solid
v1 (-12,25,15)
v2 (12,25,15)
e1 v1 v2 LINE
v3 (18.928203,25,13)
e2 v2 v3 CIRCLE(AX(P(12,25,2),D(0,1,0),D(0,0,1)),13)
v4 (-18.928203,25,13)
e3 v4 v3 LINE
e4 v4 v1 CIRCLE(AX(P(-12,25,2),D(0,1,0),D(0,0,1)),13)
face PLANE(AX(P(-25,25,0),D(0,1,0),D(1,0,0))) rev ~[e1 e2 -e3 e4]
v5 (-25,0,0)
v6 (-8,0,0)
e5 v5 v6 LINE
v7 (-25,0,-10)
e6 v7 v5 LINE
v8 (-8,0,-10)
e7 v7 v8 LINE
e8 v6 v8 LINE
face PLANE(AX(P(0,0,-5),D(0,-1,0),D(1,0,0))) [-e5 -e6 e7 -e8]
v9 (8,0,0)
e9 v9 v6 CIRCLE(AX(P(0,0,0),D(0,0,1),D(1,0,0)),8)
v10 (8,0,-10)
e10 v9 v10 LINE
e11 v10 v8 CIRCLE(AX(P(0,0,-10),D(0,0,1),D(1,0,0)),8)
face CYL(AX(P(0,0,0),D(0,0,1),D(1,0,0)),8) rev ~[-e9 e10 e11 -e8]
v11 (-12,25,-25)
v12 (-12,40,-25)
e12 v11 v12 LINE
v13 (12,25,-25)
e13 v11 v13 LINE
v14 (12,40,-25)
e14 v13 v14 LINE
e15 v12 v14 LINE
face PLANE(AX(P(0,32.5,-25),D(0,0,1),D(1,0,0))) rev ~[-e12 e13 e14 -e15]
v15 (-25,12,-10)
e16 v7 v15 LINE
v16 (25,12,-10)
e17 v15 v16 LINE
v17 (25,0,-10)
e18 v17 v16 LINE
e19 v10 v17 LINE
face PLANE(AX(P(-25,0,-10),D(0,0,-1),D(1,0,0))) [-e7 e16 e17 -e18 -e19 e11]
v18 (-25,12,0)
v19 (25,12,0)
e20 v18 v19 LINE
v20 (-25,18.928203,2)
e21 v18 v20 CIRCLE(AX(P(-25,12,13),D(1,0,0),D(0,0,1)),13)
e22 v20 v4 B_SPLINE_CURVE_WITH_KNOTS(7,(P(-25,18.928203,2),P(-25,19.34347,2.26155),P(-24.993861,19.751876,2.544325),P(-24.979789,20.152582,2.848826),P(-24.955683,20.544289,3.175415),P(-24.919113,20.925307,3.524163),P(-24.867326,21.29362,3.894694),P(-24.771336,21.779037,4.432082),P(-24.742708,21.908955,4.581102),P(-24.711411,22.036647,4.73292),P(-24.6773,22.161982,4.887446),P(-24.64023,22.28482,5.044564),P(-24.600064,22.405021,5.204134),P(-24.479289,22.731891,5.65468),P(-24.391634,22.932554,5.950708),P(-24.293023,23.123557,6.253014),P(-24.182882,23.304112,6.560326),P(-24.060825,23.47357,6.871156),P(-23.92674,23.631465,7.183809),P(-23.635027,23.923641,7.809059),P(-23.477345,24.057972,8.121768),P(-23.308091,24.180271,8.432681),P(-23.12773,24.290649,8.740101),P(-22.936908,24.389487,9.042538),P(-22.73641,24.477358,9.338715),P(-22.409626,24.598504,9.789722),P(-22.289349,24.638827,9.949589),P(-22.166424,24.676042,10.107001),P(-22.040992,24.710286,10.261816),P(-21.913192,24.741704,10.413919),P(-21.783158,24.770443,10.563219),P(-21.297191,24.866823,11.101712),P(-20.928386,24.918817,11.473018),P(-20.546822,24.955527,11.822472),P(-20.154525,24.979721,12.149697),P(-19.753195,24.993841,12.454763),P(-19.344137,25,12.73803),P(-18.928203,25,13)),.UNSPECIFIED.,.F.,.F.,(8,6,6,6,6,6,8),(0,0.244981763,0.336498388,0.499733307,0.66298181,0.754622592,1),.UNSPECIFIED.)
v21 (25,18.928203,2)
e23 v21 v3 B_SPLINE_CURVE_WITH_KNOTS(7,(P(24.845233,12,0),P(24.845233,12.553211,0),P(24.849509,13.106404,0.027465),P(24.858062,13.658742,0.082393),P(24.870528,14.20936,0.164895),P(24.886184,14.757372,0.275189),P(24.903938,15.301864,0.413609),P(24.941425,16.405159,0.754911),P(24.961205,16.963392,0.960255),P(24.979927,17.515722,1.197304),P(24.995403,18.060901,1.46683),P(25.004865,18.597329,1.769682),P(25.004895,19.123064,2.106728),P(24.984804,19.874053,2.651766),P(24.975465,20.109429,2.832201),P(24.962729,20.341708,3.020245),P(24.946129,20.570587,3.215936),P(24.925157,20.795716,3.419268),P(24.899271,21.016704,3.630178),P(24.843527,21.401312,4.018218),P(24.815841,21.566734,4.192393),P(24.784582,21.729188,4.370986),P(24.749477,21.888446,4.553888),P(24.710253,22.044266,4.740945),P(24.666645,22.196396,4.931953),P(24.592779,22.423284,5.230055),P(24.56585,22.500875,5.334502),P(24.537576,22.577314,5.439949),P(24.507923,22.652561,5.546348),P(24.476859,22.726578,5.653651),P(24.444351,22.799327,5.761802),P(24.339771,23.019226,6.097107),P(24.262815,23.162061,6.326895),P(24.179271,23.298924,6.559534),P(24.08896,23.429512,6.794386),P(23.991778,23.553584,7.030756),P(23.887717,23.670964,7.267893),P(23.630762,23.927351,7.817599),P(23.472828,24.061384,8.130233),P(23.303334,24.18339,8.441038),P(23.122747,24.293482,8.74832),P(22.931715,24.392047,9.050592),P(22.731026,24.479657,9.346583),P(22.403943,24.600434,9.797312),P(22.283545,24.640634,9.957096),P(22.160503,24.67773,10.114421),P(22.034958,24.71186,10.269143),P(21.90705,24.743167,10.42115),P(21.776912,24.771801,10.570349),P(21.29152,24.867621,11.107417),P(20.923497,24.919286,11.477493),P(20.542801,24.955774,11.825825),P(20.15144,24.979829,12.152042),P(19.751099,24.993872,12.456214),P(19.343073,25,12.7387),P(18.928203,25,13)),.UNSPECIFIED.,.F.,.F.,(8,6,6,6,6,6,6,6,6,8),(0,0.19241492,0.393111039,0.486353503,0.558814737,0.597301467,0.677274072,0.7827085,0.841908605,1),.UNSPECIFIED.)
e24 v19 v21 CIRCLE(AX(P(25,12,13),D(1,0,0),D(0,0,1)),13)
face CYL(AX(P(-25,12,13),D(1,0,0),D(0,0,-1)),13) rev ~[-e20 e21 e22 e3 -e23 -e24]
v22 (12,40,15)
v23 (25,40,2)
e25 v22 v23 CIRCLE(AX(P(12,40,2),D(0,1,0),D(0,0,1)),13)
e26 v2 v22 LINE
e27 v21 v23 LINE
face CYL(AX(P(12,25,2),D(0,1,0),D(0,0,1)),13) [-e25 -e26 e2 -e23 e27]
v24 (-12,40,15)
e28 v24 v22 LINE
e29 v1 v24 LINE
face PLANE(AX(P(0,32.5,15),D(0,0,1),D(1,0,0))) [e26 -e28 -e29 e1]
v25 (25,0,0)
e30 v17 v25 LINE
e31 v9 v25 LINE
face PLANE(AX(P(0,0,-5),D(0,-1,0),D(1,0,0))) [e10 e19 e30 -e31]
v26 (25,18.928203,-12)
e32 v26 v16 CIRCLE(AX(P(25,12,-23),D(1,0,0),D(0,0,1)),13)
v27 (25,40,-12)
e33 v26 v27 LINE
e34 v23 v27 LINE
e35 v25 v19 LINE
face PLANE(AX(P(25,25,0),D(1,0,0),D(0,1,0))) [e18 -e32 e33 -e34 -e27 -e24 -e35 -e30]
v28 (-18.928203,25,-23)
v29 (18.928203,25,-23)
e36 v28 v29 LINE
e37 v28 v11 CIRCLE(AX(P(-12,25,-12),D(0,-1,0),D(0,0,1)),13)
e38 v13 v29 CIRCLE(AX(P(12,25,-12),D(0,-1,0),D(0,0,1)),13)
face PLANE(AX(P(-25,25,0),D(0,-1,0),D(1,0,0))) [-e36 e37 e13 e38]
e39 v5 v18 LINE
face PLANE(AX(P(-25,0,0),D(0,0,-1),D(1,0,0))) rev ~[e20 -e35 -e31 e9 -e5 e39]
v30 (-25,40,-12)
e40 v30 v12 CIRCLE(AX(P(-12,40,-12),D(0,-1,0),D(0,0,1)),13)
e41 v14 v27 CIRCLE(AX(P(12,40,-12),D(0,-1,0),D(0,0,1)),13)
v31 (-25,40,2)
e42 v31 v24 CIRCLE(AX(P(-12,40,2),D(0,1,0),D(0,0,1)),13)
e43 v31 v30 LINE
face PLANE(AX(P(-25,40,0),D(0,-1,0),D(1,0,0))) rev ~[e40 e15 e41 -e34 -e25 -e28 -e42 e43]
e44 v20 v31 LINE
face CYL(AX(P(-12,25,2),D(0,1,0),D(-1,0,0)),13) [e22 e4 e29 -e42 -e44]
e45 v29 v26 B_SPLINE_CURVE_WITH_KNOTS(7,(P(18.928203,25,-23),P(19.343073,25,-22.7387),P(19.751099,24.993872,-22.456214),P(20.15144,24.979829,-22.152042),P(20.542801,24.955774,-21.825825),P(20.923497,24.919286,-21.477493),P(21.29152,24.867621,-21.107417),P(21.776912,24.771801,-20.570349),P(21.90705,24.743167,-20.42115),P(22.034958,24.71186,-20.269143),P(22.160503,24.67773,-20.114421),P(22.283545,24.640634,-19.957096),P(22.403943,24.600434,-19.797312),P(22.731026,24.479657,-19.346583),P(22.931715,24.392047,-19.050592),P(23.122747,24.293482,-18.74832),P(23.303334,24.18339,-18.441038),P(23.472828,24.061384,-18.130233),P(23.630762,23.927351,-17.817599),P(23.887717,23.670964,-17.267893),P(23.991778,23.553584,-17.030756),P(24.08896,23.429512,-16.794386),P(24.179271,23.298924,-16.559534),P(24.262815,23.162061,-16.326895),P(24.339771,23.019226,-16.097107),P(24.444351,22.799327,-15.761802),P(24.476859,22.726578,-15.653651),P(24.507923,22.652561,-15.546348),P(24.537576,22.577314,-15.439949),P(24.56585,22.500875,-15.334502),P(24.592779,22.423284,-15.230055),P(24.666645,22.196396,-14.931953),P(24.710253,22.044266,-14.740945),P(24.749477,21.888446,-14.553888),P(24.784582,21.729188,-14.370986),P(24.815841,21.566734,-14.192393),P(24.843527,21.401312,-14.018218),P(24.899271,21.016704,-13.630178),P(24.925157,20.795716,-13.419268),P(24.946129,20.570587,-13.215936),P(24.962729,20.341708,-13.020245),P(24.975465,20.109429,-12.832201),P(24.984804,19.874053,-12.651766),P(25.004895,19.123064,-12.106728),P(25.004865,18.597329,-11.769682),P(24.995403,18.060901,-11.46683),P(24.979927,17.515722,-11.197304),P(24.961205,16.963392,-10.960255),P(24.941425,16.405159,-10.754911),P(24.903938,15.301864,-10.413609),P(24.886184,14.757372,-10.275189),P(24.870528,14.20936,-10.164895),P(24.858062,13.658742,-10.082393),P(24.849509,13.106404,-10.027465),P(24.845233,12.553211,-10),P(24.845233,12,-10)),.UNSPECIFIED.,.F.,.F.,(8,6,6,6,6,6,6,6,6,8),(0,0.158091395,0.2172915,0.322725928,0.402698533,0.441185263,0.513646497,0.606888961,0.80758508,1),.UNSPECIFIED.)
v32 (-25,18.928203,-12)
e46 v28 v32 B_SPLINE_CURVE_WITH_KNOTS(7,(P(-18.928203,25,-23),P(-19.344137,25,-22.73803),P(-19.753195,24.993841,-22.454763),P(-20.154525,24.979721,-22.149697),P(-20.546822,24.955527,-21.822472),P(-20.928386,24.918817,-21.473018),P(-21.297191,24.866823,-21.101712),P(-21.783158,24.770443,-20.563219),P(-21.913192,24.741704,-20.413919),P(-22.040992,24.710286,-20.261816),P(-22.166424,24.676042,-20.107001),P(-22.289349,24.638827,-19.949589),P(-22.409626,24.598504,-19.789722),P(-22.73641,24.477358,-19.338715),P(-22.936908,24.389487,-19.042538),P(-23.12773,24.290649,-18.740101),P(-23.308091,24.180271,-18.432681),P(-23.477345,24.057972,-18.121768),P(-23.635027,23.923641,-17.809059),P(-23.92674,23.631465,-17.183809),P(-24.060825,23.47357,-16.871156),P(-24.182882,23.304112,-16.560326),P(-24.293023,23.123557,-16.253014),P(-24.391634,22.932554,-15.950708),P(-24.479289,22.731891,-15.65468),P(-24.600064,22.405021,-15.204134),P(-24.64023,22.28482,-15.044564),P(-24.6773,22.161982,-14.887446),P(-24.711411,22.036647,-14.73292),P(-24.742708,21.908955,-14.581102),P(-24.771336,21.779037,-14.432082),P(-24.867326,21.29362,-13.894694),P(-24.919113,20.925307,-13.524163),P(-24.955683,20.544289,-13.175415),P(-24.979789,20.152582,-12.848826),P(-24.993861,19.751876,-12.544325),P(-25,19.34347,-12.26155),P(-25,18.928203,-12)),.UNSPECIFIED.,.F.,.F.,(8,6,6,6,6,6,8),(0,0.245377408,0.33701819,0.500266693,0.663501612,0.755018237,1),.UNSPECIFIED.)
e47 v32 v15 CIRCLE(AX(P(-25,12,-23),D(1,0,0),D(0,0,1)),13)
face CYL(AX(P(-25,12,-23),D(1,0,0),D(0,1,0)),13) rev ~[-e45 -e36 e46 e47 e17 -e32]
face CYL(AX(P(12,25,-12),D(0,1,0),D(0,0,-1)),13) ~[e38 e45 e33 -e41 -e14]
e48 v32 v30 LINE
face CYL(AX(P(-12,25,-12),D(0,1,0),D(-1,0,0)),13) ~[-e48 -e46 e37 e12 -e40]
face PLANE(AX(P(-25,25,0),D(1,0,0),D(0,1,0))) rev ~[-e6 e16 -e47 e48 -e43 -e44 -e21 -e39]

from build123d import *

# Parameters (mm, degrees)
F0_W          = 50
F0_H          = 10
F1_DEPTH      = 25
F2_W          = 50
F2_H          = 15
F3_DEPTH      = 15
F3_DEPTH_BACK = 25
F5_DEPTH      = 25
F6_R          = 13
F7_R          = 13


with BuildPart() as f1:
    # F0 (on Front) → F1 (new body)
    with BuildSketch(Plane.XZ):
        with Locations((0, -5)):
            Rectangle(F0_W, F0_H)
    extrude(amount=-F1_DEPTH)

    # F2 (on Top) → F3 (join, two sides)
    with BuildSketch(Plane.XY) as f3_sk:
        with Locations((0, 32.5)):
            Rectangle(F2_W, F2_H)
    extrude(amount=F3_DEPTH)
    extrude(f3_sk.sketch, amount=-F3_DEPTH_BACK)

    # F4 (on face) → F5 (cut)
    with BuildSketch(Plane.XY):
        with BuildLine():
            Line((-8, 0), (8, 0))
            ThreePointArc((8, 0), (0, 8), (-8, 0))
        make_face()
    extrude(amount=-F5_DEPTH, mode=Mode.SUBTRACT)

    # F6
    f6_edges = [f1.edges().sort_by_distance(p)[0] for p in [
        (-25, 32.5, 15),
        (25, 32.5, 15),
        (25, 32.5, -25),
        (-25, 32.5, -25),
    ]]
    fillet(f6_edges, radius=F6_R)

    # F7
    f7_edges = [f1.edges().sort_by_distance(p)[0] for p in [
        (0, 25, 0),
        (0, 25, -10),
    ]]
    fillet(f7_edges, radius=F7_R)


solid = f1.part
